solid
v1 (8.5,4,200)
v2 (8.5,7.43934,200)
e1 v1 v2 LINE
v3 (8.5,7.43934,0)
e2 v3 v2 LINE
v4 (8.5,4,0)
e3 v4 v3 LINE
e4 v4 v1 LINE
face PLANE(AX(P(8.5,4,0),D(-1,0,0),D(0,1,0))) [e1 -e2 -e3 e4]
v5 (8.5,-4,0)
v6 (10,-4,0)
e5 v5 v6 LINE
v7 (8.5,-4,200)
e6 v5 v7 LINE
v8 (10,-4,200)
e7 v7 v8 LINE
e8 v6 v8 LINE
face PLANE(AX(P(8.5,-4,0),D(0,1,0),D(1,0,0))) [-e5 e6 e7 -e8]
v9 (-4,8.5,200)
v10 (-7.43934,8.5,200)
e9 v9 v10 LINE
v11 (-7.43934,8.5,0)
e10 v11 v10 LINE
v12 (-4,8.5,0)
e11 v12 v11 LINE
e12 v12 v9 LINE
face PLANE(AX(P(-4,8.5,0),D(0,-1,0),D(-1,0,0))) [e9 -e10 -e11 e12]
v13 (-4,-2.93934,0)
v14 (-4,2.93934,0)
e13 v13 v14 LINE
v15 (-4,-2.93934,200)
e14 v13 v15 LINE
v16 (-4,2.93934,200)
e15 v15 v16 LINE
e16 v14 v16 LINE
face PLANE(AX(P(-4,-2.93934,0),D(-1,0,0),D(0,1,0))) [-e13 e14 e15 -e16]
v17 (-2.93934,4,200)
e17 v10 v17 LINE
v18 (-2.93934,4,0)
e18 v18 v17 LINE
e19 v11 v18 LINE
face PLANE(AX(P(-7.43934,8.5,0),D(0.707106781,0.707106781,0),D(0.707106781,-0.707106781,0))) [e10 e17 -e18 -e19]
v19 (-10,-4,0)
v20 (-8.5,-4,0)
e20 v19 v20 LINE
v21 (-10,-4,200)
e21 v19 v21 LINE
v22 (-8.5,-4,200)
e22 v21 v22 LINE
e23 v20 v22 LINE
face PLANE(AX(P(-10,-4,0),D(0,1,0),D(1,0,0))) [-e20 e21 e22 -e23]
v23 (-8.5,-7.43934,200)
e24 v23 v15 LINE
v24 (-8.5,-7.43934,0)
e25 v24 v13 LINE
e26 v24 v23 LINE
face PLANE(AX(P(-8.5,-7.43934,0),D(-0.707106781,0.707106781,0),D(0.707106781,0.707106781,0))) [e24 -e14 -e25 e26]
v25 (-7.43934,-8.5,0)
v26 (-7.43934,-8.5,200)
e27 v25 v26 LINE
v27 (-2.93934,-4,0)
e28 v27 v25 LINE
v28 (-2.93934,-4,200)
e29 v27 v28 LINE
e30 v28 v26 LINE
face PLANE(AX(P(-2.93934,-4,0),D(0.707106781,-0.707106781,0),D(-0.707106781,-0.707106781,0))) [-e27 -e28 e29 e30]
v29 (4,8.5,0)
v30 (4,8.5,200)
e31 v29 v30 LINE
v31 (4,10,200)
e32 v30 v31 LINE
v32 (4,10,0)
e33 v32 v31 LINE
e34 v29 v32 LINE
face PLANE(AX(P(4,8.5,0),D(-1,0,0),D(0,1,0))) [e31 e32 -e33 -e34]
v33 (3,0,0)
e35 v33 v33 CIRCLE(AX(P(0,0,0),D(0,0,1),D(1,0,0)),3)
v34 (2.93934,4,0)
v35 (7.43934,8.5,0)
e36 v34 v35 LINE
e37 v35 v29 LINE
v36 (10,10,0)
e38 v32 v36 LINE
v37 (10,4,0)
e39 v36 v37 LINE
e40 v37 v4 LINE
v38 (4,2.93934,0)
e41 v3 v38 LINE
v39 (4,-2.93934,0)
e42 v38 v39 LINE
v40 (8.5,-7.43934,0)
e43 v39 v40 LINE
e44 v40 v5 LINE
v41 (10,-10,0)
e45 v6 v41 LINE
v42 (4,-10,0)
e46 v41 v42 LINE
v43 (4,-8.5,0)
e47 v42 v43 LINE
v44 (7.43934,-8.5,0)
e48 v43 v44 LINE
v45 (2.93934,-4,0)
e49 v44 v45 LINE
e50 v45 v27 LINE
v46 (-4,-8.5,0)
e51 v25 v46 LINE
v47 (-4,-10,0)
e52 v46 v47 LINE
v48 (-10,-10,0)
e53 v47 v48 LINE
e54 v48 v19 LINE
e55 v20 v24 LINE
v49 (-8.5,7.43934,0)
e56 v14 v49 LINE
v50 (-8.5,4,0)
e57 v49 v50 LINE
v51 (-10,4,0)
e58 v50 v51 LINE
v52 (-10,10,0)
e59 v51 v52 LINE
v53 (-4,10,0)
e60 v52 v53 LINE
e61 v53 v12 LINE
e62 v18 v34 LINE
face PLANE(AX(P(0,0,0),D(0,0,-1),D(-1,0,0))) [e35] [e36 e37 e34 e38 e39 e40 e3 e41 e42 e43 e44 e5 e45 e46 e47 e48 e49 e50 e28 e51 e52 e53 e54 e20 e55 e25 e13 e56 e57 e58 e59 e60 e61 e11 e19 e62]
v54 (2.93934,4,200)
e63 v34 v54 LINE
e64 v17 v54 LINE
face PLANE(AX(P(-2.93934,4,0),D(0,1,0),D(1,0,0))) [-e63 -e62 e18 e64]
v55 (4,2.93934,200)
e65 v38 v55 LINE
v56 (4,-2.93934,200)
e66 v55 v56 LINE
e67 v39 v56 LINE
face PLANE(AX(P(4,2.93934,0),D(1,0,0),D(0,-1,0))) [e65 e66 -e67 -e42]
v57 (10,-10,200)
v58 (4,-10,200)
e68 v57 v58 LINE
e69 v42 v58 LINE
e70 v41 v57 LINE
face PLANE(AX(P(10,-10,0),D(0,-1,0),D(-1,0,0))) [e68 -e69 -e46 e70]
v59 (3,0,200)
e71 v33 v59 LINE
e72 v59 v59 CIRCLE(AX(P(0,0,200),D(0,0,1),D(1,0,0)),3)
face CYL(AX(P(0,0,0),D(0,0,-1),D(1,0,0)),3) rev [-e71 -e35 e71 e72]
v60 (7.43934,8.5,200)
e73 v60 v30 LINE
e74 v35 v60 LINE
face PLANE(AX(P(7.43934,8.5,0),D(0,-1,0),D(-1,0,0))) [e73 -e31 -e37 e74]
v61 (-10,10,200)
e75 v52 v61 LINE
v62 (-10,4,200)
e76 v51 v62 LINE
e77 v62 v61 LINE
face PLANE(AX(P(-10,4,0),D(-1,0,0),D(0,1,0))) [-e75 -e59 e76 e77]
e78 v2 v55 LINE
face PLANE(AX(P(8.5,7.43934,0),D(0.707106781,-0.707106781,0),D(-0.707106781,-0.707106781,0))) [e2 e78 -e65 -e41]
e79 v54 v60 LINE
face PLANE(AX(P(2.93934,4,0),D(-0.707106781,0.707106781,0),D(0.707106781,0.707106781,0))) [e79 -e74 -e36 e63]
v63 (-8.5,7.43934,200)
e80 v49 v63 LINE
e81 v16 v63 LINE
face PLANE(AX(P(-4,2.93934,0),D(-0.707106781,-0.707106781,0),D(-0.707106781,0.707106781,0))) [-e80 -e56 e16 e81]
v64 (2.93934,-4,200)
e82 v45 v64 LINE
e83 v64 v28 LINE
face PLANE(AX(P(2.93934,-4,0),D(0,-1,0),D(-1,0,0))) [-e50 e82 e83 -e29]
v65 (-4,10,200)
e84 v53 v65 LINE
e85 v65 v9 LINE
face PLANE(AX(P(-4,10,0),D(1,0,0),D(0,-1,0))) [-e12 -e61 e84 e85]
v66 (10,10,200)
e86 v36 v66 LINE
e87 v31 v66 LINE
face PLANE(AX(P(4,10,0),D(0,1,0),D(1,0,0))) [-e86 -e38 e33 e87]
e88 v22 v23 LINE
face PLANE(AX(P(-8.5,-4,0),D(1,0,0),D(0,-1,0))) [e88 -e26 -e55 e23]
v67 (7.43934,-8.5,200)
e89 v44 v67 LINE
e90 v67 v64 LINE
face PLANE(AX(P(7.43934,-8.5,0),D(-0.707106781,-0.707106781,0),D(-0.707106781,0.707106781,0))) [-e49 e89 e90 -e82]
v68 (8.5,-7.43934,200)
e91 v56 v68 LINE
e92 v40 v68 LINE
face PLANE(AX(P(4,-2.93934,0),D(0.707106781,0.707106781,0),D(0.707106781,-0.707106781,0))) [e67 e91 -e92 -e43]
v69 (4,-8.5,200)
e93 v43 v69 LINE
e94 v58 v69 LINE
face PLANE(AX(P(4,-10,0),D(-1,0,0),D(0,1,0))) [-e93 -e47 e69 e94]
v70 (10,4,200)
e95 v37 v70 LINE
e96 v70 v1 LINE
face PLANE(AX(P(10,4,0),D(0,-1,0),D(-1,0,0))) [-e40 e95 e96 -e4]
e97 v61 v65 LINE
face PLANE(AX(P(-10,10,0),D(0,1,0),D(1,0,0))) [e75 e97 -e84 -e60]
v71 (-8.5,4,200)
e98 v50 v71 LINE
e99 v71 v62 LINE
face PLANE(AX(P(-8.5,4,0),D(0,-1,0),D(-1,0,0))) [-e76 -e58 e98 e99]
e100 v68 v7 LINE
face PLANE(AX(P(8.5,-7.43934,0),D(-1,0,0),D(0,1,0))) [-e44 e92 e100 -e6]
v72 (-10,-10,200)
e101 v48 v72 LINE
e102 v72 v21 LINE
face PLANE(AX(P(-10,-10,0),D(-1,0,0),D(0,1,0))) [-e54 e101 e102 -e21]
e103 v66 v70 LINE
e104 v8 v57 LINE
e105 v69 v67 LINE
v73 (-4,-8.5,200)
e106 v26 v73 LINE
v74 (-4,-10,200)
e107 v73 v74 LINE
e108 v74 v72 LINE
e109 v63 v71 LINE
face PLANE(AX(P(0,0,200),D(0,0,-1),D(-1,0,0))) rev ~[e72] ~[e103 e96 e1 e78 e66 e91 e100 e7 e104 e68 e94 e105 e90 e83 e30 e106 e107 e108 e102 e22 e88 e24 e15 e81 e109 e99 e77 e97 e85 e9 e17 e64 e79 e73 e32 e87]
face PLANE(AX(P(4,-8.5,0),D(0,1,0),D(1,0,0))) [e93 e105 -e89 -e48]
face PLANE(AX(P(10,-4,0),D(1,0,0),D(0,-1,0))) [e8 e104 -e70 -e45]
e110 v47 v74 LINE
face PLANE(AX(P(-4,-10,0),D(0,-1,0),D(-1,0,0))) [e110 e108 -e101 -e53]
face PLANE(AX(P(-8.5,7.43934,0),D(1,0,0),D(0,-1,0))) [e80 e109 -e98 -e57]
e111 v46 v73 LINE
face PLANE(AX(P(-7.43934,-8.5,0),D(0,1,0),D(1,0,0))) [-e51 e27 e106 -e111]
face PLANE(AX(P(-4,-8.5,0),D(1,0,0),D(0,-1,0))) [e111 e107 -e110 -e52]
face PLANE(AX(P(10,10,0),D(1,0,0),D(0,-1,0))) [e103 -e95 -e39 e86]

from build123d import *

# Parameters (mm, degrees)
ESBO_O1_R                = 3
RESSALTO_EXTRUS_O1_DEPTH = 200


with BuildPart() as part:
    # Esboço1 → Ressalto-extrusão1 (new body)
    with BuildSketch(Plane.XY):
        Polygon((-2.939339828, 4), (2.939339828, 4), (7.439339828, 8.5), (4, 8.5), (4, 10), (10, 10), (10, 4), (8.5, 4), (8.5, 7.439339828), (4, 2.939339828), (4, -2.939339828), (8.5, -7.439339828), (8.5, -4), (10, -4), (10, -10), (4, -10), (4, -8.5), (7.439339828, -8.5), (2.939339828, -4), (-2.939339828, -4), (-7.439339828, -8.5), (-4, -8.5), (-4, -10), (-10, -10), (-10, -4), (-8.5, -4), (-8.5, -7.439339828), (-4, -2.939339828), (-4, 2.939339828), (-8.5, 7.439339828), (-8.5, 4), (-10, 4), (-10, 10), (-4, 10), (-4, 8.5), (-7.439339828, 8.5), align=None)
        Circle(ESBO_O1_R, mode=Mode.SUBTRACT)
    extrude(amount=RESSALTO_EXTRUS_O1_DEPTH)


solid = part.part
